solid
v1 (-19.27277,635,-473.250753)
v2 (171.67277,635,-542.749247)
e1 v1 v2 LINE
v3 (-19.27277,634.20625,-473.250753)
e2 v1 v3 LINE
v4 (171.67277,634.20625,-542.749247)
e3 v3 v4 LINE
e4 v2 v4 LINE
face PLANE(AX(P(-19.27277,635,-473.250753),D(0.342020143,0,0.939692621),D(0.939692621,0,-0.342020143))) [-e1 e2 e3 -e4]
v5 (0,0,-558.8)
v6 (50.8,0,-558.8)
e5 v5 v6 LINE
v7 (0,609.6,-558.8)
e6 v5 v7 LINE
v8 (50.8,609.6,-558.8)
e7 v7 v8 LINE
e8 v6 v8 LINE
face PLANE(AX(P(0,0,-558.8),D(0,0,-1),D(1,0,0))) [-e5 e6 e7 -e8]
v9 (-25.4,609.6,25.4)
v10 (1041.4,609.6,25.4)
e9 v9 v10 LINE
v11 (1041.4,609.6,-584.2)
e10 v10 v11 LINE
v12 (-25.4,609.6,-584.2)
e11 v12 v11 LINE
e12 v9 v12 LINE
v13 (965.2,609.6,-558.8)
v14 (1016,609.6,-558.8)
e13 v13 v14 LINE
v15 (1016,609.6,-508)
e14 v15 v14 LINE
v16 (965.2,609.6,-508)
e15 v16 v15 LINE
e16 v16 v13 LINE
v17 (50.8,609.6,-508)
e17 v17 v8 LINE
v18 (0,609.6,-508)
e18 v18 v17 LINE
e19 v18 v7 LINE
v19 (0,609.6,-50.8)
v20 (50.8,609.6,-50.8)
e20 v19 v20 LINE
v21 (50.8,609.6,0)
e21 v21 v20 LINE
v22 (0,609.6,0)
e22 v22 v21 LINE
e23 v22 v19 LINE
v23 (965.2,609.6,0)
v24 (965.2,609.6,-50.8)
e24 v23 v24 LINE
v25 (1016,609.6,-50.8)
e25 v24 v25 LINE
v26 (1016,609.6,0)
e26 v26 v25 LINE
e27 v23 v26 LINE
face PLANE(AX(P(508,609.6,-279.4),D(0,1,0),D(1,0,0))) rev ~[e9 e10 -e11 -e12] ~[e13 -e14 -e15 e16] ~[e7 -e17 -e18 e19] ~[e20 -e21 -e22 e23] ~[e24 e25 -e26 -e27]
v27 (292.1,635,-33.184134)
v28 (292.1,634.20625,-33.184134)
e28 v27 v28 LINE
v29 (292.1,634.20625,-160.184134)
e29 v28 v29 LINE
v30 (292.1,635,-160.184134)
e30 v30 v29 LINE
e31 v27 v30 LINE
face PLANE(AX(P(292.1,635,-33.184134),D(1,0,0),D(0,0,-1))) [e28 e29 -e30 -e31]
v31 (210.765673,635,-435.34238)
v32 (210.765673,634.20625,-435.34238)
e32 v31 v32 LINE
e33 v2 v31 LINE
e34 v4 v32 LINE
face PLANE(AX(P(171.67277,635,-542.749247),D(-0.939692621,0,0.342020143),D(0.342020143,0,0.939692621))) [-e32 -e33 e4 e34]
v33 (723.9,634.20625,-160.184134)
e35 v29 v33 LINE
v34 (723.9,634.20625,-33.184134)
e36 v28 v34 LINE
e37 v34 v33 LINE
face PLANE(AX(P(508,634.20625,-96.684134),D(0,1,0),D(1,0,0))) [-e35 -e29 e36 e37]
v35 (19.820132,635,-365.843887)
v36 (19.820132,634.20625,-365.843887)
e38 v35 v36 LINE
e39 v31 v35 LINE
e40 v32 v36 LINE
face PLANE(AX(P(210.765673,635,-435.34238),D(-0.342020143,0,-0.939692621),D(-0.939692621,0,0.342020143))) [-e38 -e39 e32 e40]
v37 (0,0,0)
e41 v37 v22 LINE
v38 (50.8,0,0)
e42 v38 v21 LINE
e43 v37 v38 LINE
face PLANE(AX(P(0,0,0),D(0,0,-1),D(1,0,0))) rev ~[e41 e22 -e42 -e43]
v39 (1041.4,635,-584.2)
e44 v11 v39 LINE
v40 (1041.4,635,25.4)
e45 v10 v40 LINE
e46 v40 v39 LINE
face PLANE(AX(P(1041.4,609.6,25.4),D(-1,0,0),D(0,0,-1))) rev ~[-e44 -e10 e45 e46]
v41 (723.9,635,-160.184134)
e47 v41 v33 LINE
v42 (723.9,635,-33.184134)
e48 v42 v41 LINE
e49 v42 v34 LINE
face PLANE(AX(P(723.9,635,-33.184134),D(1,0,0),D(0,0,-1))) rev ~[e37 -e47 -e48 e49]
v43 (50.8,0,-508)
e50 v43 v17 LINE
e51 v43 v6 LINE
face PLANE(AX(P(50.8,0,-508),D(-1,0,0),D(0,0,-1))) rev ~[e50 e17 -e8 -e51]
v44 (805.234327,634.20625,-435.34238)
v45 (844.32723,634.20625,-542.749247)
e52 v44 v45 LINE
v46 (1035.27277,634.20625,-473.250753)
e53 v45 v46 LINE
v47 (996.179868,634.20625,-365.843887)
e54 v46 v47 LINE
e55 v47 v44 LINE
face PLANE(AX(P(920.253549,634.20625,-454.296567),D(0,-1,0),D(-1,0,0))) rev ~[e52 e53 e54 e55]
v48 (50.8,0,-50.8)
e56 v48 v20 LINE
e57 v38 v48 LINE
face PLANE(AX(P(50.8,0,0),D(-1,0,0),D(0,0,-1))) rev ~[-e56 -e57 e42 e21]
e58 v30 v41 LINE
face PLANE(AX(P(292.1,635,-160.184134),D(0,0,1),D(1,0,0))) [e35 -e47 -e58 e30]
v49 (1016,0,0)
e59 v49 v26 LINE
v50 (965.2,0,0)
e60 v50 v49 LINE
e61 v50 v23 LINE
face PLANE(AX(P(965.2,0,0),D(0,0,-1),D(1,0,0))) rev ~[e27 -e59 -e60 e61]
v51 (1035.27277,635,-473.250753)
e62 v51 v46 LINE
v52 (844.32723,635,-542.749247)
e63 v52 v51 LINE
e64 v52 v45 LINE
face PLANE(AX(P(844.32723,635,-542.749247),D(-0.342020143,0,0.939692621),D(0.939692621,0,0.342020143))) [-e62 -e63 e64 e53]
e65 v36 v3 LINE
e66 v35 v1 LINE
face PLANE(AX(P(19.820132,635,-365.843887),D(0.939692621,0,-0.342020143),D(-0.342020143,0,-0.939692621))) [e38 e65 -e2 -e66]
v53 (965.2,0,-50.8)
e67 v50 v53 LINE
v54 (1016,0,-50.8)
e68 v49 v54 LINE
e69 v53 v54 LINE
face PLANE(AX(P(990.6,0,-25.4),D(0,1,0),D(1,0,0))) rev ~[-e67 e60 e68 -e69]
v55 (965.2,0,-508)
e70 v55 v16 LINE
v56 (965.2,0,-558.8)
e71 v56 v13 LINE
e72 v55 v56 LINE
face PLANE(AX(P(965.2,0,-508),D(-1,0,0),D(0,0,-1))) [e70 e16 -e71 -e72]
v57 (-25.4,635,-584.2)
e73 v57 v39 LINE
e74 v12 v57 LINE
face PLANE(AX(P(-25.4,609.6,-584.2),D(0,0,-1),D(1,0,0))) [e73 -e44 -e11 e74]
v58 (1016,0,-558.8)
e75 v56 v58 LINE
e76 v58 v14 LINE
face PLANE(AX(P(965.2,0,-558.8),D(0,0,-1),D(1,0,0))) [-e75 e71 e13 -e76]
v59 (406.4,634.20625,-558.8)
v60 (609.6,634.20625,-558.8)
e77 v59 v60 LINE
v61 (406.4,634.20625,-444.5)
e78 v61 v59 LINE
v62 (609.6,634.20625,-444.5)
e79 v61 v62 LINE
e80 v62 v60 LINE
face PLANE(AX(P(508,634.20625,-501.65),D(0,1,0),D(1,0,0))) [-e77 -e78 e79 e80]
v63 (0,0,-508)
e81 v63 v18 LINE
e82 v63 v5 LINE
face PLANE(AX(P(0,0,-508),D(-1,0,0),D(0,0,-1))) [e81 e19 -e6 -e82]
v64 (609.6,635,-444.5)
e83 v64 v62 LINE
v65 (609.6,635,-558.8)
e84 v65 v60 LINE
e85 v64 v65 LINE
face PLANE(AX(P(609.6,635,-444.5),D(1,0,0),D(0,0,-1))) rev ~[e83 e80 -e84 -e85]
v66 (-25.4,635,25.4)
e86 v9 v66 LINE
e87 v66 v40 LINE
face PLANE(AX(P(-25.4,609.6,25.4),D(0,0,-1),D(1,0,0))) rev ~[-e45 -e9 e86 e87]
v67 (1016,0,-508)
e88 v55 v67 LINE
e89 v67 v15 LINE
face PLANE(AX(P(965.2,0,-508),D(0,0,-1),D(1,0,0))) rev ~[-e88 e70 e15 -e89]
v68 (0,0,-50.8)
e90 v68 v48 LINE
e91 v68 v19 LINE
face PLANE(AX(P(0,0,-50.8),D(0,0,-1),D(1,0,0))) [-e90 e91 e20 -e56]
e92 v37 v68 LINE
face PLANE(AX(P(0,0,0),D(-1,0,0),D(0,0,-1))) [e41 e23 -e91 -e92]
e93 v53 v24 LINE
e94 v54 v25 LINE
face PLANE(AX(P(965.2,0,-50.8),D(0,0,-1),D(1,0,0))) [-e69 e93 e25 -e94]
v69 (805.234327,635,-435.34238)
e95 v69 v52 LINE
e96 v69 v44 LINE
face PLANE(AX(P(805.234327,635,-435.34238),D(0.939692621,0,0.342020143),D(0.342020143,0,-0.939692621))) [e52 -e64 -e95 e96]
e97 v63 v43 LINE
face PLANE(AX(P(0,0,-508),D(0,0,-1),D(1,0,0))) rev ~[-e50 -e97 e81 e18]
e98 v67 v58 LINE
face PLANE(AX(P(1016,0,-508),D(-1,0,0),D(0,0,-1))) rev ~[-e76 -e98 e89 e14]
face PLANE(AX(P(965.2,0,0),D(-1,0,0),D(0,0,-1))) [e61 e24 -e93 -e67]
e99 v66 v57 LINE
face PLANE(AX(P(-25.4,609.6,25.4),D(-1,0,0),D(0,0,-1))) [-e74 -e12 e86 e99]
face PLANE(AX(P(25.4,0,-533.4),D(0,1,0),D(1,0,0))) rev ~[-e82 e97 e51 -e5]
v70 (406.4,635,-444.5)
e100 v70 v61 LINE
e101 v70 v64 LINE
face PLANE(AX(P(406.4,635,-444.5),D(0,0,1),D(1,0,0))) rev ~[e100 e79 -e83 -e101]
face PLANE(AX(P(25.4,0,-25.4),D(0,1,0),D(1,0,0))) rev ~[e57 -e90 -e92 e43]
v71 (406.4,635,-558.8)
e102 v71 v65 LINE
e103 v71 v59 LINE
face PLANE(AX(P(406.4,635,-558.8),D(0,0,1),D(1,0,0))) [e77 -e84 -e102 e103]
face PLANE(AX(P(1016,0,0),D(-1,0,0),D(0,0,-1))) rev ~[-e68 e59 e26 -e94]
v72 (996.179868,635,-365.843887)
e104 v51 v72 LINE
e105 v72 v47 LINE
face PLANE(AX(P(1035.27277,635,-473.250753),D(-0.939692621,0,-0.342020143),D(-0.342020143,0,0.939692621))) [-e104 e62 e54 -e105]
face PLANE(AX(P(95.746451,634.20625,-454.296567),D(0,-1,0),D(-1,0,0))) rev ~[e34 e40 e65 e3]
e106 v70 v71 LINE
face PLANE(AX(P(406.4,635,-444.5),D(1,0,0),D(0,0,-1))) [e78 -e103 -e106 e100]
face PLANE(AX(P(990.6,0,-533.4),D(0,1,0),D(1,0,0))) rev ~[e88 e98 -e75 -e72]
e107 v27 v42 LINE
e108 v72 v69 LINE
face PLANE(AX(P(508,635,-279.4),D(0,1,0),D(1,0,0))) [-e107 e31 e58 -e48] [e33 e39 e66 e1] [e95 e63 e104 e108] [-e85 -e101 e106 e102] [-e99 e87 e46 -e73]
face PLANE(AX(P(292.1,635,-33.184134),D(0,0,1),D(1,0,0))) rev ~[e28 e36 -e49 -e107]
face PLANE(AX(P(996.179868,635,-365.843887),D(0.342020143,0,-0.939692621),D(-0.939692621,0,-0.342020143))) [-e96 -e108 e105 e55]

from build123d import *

# Parameters (mm, degrees)
SKETCH1_W             = 50.8
SKETCH1_H             = 50.8
BOSS_EXTRUDE1_DEPTH   = 609.6
BOSS_EXTRUDE1_2_DEPTH = 609.6
BOSS_EXTRUDE1_3_DEPTH = 609.6
BOSS_EXTRUDE1_4_DEPTH = 609.6
SKETCH2_W             = 1066.8
SKETCH2_H             = 609.6
BOSS_EXTRUDE2_DEPTH   = 25.4
SKETCH3_W             = 203.2
SKETCH3_H             = 114.3
SKETCH3_W_2           = 431.8
SKETCH3_H_2           = 127
CUT_EXTRUDE1_DEPTH    = 0.79375


with BuildPart() as part:
    # Sketch1 → Boss-Extrude1 (new body)
    with BuildSketch(Plane(origin=(0, 0, 0), x_dir=(1, 0, 0), z_dir=(0, 1, 0))):
        with Locations((25.4, 25.4)):
            Rectangle(SKETCH1_W, SKETCH1_H)
    extrude(amount=BOSS_EXTRUDE1_DEPTH)



with BuildPart() as body_2:
    # Sketch1 → Boss-Extrude1 2 (new body)
    with BuildSketch(Plane(origin=(0, 0, 0), x_dir=(1, 0, 0), z_dir=(0, 1, 0))):
        with Locations((25.4, 533.4)):
            Rectangle(SKETCH1_W, SKETCH1_H)
    extrude(amount=BOSS_EXTRUDE1_2_DEPTH)


with BuildPart() as body_3:
    # Sketch1 → Boss-Extrude1 3 (new body)
    with BuildSketch(Plane(origin=(0, 0, 0), x_dir=(1, 0, 0), z_dir=(0, 1, 0))):
        with Locations((990.6, 533.4)):
            Rectangle(SKETCH1_W, SKETCH1_H)
    extrude(amount=BOSS_EXTRUDE1_3_DEPTH)


with BuildPart() as body_4:
    # Sketch1 → Boss-Extrude1 4 (new body)
    with BuildSketch(Plane(origin=(0, 0, 0), x_dir=(1, 0, 0), z_dir=(0, 1, 0))):
        with Locations((990.6, 25.4)):
            Rectangle(SKETCH1_W, SKETCH1_H)
    extrude(amount=BOSS_EXTRUDE1_4_DEPTH)


with BuildPart() as part_1:
    add(part.part)

    add(body_2.part)  # Boss-Extrude2 merges body 2

    add(body_3.part)  # Boss-Extrude2 merges body 3

    add(body_4.part)  # Boss-Extrude2 merges body 4
    # Sketch2 → Boss-Extrude2 (add)
    with BuildSketch(Plane(origin=(0, 609.6, 0), x_dir=(1, 0, 0), z_dir=(0, 1, 0))):
        with Locations((508, 279.4)):
            Rectangle(SKETCH2_W, SKETCH2_H)
    extrude(amount=BOSS_EXTRUDE2_DEPTH)

    # Sketch3 → Cut-Extrude1 (cut)
    with BuildSketch(Plane(origin=(0, 635, 0), x_dir=(1, 0, 0), z_dir=(0, 1, 0))):
        Polygon((210.765672654, 435.342380006), (19.82013211, 365.843886882), (-19.272770272, 473.250753438), (171.672770272, 542.749246562), align=None)
        with Locations((508, 501.65)):
            Rectangle(SKETCH3_W, SKETCH3_H)
        Polygon((844.327229728, 542.749246562), (1035.272770272, 473.250753438), (996.17986789, 365.843886882), (805.234327346, 435.342380006), align=None)
        with Locations((508, 96.68413443)):
            Rectangle(SKETCH3_W_2, SKETCH3_H_2)
    extrude(amount=-CUT_EXTRUDE1_DEPTH, mode=Mode.SUBTRACT)


solid = part_1.part
